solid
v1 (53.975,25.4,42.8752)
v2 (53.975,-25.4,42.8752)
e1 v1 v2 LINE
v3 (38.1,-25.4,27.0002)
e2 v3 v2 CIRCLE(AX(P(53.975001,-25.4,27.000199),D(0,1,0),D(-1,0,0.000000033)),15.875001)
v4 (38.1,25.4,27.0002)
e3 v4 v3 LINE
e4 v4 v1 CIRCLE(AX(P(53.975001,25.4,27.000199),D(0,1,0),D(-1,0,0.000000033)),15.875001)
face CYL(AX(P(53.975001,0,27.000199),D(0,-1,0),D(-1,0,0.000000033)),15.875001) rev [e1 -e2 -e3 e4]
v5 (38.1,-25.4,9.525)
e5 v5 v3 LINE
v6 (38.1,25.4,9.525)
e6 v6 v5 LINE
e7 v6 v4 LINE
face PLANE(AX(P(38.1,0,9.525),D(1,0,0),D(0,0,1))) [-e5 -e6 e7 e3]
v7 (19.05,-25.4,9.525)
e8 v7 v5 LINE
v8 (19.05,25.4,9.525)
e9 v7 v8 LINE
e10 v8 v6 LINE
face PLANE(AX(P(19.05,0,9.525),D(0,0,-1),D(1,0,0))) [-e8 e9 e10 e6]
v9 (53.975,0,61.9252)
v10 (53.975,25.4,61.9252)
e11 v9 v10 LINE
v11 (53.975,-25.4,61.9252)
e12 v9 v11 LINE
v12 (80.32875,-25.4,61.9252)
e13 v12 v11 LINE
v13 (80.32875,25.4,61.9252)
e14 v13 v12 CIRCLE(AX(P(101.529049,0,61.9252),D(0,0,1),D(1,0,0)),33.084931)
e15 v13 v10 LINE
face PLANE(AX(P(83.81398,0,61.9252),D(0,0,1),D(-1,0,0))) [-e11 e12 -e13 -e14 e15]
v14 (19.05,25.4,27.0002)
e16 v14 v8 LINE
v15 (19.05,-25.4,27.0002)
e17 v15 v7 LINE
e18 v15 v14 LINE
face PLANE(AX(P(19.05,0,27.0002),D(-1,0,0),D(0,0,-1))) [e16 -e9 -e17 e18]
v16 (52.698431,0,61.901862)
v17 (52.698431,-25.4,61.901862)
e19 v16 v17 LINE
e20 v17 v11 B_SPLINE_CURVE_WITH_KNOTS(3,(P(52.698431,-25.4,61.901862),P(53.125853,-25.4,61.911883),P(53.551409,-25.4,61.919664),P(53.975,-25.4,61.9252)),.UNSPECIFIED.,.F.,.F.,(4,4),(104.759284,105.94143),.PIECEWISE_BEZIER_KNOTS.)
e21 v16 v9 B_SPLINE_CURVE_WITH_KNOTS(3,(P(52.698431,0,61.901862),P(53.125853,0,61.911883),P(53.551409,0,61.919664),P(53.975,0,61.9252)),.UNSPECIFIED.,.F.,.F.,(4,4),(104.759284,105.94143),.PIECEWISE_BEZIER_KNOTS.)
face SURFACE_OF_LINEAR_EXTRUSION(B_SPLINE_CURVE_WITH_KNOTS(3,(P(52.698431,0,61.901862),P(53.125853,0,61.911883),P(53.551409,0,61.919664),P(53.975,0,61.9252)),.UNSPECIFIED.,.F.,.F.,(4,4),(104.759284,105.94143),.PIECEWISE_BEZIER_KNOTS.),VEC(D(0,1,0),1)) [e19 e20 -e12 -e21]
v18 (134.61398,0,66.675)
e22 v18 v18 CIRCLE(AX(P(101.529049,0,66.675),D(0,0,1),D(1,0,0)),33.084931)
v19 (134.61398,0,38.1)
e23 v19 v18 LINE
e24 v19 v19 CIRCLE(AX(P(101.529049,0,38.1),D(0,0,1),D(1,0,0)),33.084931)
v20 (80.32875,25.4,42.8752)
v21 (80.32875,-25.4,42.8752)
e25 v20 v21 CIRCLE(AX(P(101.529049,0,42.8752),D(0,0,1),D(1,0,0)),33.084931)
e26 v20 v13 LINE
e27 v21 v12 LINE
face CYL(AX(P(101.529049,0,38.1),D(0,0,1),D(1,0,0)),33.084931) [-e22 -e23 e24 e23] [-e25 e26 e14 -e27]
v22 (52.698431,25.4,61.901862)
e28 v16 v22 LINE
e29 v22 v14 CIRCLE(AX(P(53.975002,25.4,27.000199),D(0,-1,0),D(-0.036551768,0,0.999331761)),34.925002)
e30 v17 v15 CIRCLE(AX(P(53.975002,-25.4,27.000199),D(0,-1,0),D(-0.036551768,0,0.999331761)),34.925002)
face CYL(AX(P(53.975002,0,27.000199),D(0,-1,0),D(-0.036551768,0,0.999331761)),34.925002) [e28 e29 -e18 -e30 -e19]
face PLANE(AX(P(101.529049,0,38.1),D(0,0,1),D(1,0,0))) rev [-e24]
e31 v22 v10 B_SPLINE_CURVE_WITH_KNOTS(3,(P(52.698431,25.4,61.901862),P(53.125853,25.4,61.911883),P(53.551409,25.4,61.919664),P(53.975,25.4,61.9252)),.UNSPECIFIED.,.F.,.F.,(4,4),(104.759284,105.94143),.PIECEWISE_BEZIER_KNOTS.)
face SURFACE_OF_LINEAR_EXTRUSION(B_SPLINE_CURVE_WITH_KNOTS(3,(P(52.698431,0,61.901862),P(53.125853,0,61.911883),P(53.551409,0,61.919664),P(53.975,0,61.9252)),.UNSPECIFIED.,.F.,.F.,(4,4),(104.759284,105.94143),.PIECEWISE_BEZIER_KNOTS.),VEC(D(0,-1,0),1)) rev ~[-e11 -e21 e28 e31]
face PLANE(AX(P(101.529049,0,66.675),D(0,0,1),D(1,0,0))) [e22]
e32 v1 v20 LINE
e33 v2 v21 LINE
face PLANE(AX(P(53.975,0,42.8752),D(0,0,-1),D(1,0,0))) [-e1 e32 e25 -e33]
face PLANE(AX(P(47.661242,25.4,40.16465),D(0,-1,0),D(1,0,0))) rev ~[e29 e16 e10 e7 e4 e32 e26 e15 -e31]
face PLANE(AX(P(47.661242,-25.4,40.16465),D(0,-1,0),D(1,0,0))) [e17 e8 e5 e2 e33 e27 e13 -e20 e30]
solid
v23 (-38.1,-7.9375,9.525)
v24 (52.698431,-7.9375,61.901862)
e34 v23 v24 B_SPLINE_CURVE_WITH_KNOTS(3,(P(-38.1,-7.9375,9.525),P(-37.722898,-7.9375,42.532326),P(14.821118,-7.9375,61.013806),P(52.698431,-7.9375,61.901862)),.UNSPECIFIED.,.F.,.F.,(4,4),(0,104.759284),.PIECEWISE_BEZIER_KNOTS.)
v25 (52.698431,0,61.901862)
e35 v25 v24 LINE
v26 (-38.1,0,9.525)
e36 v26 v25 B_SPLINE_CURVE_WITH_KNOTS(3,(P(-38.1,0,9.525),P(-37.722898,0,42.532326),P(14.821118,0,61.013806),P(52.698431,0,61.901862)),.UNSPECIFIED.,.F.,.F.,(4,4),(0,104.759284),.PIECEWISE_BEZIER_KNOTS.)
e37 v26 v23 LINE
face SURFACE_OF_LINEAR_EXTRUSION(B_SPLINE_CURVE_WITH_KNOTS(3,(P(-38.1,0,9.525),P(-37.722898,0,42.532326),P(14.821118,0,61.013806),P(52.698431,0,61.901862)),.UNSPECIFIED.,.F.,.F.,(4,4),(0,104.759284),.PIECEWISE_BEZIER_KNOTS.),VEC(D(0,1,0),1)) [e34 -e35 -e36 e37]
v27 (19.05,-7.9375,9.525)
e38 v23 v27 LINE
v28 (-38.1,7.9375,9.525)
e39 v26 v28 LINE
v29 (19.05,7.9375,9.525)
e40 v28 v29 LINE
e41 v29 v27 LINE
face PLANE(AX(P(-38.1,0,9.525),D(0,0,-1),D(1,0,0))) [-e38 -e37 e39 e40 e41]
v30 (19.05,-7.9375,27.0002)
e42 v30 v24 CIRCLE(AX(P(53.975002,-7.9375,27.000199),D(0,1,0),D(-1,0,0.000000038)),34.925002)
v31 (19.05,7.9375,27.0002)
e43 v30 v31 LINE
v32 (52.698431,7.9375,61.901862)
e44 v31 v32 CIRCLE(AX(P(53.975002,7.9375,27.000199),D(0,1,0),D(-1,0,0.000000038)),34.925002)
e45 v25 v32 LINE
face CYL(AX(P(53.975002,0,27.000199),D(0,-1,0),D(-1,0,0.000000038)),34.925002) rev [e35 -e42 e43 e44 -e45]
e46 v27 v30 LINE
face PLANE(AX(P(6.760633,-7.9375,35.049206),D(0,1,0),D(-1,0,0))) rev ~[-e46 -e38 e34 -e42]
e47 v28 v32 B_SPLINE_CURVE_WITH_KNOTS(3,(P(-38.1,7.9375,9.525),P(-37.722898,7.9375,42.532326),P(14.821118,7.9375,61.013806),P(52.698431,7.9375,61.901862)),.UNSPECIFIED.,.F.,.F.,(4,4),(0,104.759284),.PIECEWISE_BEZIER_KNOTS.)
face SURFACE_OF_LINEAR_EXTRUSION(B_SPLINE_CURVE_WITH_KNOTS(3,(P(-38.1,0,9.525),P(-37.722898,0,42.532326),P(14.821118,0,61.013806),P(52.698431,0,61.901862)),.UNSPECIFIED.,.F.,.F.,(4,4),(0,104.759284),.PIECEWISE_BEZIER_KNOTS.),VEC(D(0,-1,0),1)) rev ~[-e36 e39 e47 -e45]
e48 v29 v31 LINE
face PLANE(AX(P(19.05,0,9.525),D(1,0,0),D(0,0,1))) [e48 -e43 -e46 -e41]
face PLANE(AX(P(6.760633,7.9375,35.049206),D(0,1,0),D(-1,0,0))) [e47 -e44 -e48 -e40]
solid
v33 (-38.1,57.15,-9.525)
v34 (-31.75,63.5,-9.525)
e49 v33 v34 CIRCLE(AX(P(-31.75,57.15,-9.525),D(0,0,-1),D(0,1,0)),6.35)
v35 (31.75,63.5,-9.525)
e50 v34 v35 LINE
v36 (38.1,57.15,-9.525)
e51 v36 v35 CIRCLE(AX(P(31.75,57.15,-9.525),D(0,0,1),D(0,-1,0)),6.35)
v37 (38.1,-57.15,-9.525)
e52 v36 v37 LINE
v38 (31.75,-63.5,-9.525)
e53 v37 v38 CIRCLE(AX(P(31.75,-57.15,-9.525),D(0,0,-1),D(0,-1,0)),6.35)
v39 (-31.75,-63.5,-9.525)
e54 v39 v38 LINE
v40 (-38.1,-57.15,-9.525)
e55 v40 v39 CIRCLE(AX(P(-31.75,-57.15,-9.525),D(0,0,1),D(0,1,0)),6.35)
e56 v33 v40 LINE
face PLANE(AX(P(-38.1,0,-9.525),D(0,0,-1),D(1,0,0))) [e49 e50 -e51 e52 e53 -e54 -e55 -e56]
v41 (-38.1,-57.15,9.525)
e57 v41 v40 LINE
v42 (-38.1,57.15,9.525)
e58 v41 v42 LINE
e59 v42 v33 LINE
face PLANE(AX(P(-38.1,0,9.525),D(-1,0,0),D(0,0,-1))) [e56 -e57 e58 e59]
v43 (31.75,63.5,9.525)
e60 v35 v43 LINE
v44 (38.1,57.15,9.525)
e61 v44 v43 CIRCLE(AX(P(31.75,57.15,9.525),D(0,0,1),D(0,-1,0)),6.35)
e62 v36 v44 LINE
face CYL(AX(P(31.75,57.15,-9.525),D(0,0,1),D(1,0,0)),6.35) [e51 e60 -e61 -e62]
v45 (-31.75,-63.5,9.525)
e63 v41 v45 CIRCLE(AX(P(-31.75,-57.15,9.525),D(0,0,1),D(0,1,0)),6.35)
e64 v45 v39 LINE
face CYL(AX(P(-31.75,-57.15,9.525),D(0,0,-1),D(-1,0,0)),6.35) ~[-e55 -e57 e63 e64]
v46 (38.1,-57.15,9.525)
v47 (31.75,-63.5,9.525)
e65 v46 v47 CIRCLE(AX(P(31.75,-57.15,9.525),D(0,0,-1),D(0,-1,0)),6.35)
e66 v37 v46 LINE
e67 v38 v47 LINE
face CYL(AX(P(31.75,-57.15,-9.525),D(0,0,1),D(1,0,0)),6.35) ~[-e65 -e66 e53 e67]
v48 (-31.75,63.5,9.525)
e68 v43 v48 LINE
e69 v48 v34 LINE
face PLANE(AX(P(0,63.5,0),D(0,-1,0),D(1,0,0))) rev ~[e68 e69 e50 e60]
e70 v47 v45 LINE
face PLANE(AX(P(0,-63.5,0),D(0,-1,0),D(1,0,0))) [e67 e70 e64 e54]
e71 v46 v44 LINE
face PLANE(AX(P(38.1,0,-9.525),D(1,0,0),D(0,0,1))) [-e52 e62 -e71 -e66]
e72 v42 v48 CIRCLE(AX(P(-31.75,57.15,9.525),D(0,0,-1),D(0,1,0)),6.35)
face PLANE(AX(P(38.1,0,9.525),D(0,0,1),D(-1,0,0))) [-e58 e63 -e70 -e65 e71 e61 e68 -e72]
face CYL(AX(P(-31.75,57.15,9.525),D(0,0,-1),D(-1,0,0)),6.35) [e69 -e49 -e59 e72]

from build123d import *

# Parameters (mm, degrees)
F1_DEPTH = 63.5
F0_W     = 17.715069
F0_H     = 4.7752
F2_DEPTH = 25.4
F3_DEPTH = 7.9375
F5_R     = 6.35


with BuildPart() as f1:
    # F0 (on Front) → F1 (new body, symmetric)
    with BuildSketch(Plane.XZ):
        Polygon((-38.1, 9.525), (-38.1, -9.525), (38.1, -9.525), (38.1, 9.525), (19.05, 9.525), align=None)
    extrude(amount=F1_DEPTH, both=True)

    # F5
    f5_edges = [f1.edges().sort_by_distance(p)[0] for p in [
        (-38.1, -63.5, 0),
        (38.1, -63.5, 0),
        (-38.1, 63.5, 0),
        (38.1, 63.5, 0),
    ]]
    fillet(f5_edges, radius=F5_R)


with BuildPart() as f2:
    # F0 (on Front) → F2 (new body, symmetric)
    with BuildSketch(Plane.XZ):
        with Locations((92.671515, 40.4876)):
            Rectangle(F0_W, F0_H)
        with BuildLine():
            Line((19.05, 9.525), (38.1, 9.525))
            Line((38.1, 9.525), (38.1, 27.0002))
            ThreePointArc((38.1, 27.0002), (42.74968, 38.22552), (53.975, 42.8752))
            Line((53.975, 42.8752), (83.81398, 42.8752))
            Line((83.81398, 42.8752), (83.81398, 61.9252))
            Line((83.81398, 61.9252), (53.975, 61.9252))
            add(Edge.make_bspline(
                [(52.698431, 61.901862), (53.125853, 61.911883), (53.551409, 61.919664), (53.975, 61.9252)],
                knots=[104.759284, 104.759284, 104.759284, 104.759284, 105.94143, 105.94143, 105.94143, 105.94143], degree=3))
            ThreePointArc((52.698431, 61.901862), (28.832011, 51.240367), (19.05, 27.0002))
            Line((19.05, 27.0002), (19.05, 9.525))
        make_face()
    extrude(amount=F2_DEPTH, both=True)

    # F0 (on Front) → F4 (revolve)
    with BuildSketch(Plane.XZ):
        Polygon((101.529049, 66.675), (101.529049, 61.9252), (101.529049, 42.8752), (101.529049, 38.1), (134.61398, 38.1), (134.61398, 66.675), align=None)
    revolve(axis=Axis((101.529049, 0, 52.3875), (0, 0, 1)))


with BuildPart() as f3:
    # F0 (on Front) → F3 (new body, symmetric)
    with BuildSketch(Plane.XZ):
        with BuildLine():
            add(Edge.make_bspline(
                [(-38.1, 9.525), (-37.722898, 42.532326), (14.821118, 61.013806), (52.698431, 61.901862)],
                knots=[0, 0, 0, 0, 104.759284, 104.759284, 104.759284, 104.759284], degree=3))
            Line((-38.1, 9.525), (19.05, 9.525))
            Line((19.05, 9.525), (19.05, 27.0002))
            ThreePointArc((19.05, 27.0002), (28.832011, 51.240367), (52.698431, 61.901862))
        make_face()
    extrude(amount=F3_DEPTH, both=True)


solid = Compound([f1.part, f2.part, f3.part])
